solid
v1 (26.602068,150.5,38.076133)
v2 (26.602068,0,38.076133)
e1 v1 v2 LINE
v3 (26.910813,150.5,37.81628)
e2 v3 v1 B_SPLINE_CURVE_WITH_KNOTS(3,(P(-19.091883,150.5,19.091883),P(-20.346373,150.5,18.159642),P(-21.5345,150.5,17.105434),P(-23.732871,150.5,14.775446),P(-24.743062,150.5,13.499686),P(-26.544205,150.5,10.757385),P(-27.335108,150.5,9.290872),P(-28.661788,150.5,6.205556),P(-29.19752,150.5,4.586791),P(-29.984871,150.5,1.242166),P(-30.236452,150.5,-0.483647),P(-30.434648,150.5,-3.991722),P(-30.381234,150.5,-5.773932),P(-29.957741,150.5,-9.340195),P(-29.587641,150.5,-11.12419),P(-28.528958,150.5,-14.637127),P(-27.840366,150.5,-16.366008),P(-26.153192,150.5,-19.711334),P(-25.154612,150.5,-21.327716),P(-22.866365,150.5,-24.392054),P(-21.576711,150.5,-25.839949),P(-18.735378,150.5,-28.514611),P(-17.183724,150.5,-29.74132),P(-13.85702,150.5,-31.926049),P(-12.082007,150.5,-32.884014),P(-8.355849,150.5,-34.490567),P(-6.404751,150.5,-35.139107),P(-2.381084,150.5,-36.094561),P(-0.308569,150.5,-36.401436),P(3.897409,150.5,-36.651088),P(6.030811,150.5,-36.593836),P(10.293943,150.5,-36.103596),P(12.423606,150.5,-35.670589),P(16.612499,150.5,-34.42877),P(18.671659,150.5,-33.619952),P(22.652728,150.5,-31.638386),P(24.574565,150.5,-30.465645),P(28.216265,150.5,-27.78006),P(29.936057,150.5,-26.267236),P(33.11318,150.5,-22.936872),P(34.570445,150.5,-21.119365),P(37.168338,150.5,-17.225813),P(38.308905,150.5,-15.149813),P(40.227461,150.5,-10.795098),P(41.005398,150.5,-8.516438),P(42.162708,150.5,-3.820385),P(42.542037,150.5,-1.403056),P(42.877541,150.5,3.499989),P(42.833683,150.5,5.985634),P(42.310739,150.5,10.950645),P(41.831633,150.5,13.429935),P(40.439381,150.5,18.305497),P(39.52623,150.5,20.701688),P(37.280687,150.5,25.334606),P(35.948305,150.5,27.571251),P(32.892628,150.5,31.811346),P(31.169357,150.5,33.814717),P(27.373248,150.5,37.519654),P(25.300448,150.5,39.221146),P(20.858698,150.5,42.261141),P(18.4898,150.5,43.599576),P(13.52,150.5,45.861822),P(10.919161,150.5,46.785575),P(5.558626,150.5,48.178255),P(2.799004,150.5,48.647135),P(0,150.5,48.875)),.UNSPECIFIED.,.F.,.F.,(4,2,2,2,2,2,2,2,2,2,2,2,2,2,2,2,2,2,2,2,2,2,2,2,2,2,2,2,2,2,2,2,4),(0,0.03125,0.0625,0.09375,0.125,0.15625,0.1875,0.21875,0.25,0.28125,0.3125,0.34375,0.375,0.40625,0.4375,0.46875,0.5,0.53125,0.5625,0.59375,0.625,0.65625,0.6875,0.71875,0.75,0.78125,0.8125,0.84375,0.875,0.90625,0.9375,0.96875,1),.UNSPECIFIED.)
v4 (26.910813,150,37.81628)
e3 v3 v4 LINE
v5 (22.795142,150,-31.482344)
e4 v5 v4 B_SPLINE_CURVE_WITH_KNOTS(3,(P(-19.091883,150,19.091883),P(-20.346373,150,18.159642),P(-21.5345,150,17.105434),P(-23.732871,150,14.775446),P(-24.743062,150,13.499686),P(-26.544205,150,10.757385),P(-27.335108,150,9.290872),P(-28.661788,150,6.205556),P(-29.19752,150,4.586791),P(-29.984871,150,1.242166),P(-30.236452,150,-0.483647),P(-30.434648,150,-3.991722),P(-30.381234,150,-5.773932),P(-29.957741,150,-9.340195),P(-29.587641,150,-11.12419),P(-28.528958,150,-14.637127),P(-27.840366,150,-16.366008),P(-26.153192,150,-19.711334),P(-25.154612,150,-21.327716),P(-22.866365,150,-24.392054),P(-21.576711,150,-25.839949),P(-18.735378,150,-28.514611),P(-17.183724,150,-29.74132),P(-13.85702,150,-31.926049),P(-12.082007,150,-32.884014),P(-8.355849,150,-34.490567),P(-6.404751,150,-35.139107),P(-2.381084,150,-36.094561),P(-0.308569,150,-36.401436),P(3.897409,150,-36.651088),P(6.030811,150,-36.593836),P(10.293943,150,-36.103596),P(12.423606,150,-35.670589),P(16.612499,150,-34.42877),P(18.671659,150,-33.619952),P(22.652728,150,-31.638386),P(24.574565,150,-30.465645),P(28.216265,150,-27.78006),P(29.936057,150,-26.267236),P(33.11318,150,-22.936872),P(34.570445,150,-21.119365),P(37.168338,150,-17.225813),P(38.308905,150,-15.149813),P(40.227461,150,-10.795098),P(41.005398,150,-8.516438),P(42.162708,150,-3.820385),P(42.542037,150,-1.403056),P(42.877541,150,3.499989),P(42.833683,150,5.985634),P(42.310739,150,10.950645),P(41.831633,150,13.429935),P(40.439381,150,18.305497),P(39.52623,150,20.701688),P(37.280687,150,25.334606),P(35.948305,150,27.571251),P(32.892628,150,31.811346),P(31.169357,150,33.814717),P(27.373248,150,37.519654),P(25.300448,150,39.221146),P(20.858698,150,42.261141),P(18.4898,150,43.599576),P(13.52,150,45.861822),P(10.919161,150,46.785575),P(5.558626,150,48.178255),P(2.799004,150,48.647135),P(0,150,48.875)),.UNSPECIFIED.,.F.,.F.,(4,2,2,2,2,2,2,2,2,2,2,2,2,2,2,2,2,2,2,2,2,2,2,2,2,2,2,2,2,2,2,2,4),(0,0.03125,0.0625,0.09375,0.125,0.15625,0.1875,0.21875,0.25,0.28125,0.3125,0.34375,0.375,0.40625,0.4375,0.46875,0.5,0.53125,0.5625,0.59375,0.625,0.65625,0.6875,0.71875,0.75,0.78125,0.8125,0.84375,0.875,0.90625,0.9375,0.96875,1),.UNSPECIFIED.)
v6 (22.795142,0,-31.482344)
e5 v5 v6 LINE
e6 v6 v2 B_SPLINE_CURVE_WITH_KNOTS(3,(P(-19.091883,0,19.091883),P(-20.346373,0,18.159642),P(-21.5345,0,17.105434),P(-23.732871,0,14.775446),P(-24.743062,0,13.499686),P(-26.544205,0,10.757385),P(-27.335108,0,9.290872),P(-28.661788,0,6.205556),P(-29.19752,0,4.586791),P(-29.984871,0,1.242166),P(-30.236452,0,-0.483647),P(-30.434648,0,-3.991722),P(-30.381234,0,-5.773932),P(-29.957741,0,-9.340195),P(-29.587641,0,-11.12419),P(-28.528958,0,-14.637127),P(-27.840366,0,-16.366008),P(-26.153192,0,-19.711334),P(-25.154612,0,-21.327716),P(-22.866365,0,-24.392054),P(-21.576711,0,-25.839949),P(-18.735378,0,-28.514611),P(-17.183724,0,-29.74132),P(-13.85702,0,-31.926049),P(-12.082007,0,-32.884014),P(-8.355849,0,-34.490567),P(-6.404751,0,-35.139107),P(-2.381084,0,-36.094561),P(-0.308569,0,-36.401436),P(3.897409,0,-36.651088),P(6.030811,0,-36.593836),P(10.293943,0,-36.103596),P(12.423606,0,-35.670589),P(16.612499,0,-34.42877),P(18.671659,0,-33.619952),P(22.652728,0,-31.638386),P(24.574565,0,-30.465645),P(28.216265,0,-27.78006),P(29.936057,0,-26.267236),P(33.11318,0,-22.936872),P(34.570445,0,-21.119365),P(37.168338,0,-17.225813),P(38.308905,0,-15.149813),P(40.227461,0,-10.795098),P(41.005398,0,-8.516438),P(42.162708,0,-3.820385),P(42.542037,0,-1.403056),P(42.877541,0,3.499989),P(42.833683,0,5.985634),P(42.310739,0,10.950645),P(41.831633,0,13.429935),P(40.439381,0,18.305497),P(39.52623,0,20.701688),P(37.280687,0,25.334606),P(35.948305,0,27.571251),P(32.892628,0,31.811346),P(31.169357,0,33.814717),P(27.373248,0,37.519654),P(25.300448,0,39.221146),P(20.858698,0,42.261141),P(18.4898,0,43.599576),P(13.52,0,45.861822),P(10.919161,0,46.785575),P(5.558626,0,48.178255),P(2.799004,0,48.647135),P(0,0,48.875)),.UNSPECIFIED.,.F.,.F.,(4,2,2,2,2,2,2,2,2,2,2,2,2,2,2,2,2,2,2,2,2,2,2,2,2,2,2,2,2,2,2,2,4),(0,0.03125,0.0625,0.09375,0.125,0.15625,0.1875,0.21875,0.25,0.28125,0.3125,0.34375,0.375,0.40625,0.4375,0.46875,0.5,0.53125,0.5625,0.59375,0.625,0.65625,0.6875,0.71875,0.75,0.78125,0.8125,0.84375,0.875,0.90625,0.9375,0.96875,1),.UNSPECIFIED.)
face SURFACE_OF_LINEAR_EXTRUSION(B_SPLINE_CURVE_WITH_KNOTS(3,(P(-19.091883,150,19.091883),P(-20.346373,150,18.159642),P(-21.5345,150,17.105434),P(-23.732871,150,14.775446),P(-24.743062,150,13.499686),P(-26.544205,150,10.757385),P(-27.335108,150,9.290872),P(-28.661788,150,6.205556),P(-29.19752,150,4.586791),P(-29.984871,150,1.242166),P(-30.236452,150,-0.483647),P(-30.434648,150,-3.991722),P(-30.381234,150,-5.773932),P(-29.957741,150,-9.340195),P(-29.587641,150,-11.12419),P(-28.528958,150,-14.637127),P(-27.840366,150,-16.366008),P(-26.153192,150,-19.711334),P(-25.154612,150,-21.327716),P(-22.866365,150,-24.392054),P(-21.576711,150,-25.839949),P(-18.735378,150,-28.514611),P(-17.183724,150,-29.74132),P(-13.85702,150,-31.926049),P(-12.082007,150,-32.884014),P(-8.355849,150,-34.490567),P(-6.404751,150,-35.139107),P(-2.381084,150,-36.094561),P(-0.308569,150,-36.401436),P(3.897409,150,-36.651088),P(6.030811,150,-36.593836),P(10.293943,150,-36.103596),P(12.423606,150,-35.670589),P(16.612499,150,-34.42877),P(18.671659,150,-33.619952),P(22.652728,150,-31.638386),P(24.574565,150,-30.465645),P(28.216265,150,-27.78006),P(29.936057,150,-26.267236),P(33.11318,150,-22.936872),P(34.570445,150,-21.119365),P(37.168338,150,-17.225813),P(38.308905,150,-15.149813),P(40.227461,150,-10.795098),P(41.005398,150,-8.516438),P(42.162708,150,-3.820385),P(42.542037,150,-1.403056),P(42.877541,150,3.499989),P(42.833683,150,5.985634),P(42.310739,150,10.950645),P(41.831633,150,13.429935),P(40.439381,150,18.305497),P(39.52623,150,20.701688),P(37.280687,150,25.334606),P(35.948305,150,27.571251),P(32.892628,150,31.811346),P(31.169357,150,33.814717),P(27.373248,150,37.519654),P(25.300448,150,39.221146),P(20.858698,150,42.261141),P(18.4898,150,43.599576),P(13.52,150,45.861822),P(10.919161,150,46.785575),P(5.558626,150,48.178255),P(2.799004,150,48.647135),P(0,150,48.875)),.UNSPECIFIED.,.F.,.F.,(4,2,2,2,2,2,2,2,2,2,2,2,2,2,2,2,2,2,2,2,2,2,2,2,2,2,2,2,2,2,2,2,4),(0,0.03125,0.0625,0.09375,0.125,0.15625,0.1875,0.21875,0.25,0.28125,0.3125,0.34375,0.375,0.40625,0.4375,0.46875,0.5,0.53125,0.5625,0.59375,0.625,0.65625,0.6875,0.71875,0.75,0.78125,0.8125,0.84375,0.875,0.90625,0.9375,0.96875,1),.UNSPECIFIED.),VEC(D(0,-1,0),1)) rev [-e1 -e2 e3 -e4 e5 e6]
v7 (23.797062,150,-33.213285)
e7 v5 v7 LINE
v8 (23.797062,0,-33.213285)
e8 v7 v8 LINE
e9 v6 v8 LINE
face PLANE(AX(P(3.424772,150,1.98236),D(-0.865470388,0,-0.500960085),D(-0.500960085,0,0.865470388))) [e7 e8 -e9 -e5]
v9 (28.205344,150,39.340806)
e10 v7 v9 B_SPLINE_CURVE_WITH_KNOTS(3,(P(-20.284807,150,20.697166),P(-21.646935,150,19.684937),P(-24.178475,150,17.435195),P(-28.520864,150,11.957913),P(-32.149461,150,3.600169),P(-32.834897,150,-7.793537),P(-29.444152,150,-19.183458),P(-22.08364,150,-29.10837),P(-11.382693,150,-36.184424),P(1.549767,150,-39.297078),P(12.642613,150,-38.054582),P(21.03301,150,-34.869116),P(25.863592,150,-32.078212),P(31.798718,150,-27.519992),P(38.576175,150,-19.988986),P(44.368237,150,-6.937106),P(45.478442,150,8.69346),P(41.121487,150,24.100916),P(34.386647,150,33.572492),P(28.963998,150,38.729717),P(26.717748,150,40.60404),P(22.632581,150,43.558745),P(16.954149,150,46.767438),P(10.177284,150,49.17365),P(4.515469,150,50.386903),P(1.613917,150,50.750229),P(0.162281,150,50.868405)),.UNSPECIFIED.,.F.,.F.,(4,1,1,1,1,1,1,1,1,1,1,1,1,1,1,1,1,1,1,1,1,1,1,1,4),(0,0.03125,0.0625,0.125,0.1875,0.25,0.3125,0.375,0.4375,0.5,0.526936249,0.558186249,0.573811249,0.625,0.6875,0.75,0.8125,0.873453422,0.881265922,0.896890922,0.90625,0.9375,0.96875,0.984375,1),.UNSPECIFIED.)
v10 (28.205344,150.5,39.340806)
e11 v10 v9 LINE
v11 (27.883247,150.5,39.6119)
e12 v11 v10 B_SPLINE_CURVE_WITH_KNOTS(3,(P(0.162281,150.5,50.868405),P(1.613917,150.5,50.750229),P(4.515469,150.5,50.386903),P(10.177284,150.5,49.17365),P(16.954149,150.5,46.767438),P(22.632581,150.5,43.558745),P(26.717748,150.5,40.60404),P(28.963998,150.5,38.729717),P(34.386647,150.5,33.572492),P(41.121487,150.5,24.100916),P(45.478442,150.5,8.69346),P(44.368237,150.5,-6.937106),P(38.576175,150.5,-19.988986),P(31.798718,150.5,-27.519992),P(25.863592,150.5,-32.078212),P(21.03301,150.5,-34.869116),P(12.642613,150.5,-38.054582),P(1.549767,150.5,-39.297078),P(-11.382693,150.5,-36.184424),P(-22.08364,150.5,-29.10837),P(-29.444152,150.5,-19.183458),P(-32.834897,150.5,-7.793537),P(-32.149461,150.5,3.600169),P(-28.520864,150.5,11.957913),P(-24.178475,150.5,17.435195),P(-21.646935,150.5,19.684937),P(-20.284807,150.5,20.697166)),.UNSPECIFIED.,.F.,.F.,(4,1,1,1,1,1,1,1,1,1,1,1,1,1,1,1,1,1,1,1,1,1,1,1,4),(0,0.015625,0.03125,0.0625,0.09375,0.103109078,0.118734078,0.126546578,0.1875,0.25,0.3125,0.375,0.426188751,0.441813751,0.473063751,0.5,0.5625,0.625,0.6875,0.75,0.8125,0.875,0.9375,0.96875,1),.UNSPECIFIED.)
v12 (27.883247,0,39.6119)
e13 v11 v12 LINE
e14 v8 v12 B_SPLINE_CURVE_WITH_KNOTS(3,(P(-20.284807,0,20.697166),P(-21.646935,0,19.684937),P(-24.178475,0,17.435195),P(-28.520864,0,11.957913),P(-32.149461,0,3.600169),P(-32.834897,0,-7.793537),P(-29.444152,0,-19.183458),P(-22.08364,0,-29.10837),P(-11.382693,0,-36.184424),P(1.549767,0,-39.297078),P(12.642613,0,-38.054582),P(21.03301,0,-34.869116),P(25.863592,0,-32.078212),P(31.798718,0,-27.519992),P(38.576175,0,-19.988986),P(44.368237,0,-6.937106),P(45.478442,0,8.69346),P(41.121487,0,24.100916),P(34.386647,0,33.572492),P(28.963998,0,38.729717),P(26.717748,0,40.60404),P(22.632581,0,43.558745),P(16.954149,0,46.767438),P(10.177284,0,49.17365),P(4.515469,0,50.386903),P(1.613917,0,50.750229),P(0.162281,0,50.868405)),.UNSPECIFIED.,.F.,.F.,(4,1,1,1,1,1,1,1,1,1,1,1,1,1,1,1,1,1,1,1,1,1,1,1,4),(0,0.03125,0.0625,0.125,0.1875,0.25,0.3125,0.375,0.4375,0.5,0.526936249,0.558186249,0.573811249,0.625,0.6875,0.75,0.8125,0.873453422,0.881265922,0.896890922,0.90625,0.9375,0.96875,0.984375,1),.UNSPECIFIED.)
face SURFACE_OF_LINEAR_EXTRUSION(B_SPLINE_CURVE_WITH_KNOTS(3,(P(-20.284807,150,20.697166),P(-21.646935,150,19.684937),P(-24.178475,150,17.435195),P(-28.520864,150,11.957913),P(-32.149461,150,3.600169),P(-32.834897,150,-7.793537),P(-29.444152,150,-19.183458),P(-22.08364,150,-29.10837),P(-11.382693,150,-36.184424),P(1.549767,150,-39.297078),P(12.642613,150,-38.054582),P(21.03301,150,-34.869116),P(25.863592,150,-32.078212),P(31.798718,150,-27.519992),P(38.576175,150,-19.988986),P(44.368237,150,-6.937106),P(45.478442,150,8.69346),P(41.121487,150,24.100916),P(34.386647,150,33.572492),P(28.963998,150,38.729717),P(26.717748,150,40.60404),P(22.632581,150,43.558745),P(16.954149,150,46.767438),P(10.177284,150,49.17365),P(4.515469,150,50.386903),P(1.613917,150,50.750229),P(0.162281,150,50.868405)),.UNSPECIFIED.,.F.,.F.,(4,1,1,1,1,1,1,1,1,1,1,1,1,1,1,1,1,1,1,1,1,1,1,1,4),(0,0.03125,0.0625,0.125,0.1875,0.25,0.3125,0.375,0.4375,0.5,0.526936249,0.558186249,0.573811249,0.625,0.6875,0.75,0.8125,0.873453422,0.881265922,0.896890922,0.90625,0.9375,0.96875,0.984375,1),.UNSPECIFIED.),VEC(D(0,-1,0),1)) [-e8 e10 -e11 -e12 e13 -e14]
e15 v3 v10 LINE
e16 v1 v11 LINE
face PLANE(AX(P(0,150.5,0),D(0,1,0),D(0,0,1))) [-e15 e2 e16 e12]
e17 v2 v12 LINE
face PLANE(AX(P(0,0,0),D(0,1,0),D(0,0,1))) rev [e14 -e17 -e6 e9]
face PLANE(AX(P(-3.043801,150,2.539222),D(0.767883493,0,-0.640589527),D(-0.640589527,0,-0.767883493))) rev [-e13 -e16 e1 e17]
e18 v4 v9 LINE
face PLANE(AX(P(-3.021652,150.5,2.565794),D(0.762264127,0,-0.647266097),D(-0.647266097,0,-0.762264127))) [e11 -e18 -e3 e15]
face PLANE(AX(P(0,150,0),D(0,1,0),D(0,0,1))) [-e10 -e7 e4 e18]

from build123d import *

# Parameters (mm, degrees)
BOSS_EXTRUDE1_DEPTH = 150
BOSS_EXTRUDE2_DEPTH = 0.5


with BuildPart() as part:
    # Sketch2 → Boss-Extrude1 (new body)
    with BuildSketch(Plane(origin=(0, 0, 0), x_dir=(1, 0, 0), z_dir=(0, 1, 0))):
        with BuildLine():
            Line((23.797062321, 33.213285148), (22.795142151, 31.482344371))
            add(Edge.make_bspline(
                [(22.795142151, 31.482344371), (24.030753055, 30.767135912), (25.233639686, 29.979607721), (28.216264815, 27.780060074), (29.936056862, 26.267235672), (33.113180479, 22.936872084), (34.570445154, 21.119364941), (37.168337692, 17.22581337), (38.308904588, 15.14981295), (40.227461412, 10.795097875), (41.005398438, 8.516438081), (42.162707814, 3.820385091), (42.542037254, 1.403056115), (42.877540716, -3.499989055), (42.833683466, -5.985633503), (42.310738689, -10.950645077), (41.831632837, -13.429935053), (40.439380604, -18.305496801), (39.526229768, -20.701688368), (37.280686856, -25.334605804), (35.948304685, -27.571250912), (32.892627712, -31.811345756), (31.169357216, -33.814716752), (28.41621102, -36.50174018), (27.525653213, -37.305652913), (26.602067896, -38.076133183)],
                knots=[0.542561249, 0.542561249, 0.542561249, 0.542561249, 0.5625, 0.5625, 0.59375, 0.59375, 0.625, 0.625, 0.65625, 0.65625, 0.6875, 0.6875, 0.71875, 0.71875, 0.75, 0.75, 0.78125, 0.78125, 0.8125, 0.8125, 0.84375, 0.84375, 0.875, 0.875, 0.889078422, 0.889078422, 0.889078422, 0.889078422], degree=3))
            Line((26.602067896, -38.076133183), (27.883246949, -39.611900168))
            add(Edge.make_bspline(
                [(23.797062321, 33.213285148), (24.815377843, 32.623853739), (26.80926599, 31.351927329), (31.798717541, 27.519992265), (38.576174784, 19.988985752), (44.368236596, 6.937105842), (45.478441885, -8.69346018), (41.121486558, -24.100915816), (34.386646993, -33.572491638), (29.466000561, -38.252286288), (28.417890699, -39.16588565), (27.883246949, -39.611900168)],
                knots=[0.542561249, 0.542561249, 0.542561249, 0.542561249, 0.558186249, 0.573811249, 0.625, 0.6875, 0.75, 0.8125, 0.873453422, 0.881265922, 0.889078422, 0.889078422, 0.889078422, 0.889078422], degree=3))
        make_face()
    extrude(amount=BOSS_EXTRUDE1_DEPTH)

    # Sketch3 → Boss-Extrude2 (add)
    with BuildSketch(Plane(origin=(0, 150, 0), x_dir=(1, 0, 0), z_dir=(0, 1, 0))):
        with BuildLine():
            Line((28.205343741, -39.340806389), (26.910813356, -37.816280265))
            add(Edge.make_bspline(
                [(26.910813356, -37.816280265), (26.808313881, -37.90331377), (26.705397589, -37.989932711), (26.602067896, -38.076133183)],
                knots=[0.887503344, 0.887503344, 0.887503344, 0.887503344, 0.889078422, 0.889078422, 0.889078422, 0.889078422], degree=3))
            Line((26.602067896, -38.076133183), (27.883246949, -39.611900168))
            add(Edge.make_bspline(
                [(27.883246949, -39.611900168), (27.991044203, -39.521972735), (28.098410996, -39.431606859), (28.205343741, -39.340806389)],
                knots=[0.542561249, 0.542561249, 0.542561249, 0.542561249, 0.54413644, 0.54413644, 0.54413644, 0.54413644], degree=3))
        make_face()
    extrude(amount=BOSS_EXTRUDE2_DEPTH)


solid = part.part
